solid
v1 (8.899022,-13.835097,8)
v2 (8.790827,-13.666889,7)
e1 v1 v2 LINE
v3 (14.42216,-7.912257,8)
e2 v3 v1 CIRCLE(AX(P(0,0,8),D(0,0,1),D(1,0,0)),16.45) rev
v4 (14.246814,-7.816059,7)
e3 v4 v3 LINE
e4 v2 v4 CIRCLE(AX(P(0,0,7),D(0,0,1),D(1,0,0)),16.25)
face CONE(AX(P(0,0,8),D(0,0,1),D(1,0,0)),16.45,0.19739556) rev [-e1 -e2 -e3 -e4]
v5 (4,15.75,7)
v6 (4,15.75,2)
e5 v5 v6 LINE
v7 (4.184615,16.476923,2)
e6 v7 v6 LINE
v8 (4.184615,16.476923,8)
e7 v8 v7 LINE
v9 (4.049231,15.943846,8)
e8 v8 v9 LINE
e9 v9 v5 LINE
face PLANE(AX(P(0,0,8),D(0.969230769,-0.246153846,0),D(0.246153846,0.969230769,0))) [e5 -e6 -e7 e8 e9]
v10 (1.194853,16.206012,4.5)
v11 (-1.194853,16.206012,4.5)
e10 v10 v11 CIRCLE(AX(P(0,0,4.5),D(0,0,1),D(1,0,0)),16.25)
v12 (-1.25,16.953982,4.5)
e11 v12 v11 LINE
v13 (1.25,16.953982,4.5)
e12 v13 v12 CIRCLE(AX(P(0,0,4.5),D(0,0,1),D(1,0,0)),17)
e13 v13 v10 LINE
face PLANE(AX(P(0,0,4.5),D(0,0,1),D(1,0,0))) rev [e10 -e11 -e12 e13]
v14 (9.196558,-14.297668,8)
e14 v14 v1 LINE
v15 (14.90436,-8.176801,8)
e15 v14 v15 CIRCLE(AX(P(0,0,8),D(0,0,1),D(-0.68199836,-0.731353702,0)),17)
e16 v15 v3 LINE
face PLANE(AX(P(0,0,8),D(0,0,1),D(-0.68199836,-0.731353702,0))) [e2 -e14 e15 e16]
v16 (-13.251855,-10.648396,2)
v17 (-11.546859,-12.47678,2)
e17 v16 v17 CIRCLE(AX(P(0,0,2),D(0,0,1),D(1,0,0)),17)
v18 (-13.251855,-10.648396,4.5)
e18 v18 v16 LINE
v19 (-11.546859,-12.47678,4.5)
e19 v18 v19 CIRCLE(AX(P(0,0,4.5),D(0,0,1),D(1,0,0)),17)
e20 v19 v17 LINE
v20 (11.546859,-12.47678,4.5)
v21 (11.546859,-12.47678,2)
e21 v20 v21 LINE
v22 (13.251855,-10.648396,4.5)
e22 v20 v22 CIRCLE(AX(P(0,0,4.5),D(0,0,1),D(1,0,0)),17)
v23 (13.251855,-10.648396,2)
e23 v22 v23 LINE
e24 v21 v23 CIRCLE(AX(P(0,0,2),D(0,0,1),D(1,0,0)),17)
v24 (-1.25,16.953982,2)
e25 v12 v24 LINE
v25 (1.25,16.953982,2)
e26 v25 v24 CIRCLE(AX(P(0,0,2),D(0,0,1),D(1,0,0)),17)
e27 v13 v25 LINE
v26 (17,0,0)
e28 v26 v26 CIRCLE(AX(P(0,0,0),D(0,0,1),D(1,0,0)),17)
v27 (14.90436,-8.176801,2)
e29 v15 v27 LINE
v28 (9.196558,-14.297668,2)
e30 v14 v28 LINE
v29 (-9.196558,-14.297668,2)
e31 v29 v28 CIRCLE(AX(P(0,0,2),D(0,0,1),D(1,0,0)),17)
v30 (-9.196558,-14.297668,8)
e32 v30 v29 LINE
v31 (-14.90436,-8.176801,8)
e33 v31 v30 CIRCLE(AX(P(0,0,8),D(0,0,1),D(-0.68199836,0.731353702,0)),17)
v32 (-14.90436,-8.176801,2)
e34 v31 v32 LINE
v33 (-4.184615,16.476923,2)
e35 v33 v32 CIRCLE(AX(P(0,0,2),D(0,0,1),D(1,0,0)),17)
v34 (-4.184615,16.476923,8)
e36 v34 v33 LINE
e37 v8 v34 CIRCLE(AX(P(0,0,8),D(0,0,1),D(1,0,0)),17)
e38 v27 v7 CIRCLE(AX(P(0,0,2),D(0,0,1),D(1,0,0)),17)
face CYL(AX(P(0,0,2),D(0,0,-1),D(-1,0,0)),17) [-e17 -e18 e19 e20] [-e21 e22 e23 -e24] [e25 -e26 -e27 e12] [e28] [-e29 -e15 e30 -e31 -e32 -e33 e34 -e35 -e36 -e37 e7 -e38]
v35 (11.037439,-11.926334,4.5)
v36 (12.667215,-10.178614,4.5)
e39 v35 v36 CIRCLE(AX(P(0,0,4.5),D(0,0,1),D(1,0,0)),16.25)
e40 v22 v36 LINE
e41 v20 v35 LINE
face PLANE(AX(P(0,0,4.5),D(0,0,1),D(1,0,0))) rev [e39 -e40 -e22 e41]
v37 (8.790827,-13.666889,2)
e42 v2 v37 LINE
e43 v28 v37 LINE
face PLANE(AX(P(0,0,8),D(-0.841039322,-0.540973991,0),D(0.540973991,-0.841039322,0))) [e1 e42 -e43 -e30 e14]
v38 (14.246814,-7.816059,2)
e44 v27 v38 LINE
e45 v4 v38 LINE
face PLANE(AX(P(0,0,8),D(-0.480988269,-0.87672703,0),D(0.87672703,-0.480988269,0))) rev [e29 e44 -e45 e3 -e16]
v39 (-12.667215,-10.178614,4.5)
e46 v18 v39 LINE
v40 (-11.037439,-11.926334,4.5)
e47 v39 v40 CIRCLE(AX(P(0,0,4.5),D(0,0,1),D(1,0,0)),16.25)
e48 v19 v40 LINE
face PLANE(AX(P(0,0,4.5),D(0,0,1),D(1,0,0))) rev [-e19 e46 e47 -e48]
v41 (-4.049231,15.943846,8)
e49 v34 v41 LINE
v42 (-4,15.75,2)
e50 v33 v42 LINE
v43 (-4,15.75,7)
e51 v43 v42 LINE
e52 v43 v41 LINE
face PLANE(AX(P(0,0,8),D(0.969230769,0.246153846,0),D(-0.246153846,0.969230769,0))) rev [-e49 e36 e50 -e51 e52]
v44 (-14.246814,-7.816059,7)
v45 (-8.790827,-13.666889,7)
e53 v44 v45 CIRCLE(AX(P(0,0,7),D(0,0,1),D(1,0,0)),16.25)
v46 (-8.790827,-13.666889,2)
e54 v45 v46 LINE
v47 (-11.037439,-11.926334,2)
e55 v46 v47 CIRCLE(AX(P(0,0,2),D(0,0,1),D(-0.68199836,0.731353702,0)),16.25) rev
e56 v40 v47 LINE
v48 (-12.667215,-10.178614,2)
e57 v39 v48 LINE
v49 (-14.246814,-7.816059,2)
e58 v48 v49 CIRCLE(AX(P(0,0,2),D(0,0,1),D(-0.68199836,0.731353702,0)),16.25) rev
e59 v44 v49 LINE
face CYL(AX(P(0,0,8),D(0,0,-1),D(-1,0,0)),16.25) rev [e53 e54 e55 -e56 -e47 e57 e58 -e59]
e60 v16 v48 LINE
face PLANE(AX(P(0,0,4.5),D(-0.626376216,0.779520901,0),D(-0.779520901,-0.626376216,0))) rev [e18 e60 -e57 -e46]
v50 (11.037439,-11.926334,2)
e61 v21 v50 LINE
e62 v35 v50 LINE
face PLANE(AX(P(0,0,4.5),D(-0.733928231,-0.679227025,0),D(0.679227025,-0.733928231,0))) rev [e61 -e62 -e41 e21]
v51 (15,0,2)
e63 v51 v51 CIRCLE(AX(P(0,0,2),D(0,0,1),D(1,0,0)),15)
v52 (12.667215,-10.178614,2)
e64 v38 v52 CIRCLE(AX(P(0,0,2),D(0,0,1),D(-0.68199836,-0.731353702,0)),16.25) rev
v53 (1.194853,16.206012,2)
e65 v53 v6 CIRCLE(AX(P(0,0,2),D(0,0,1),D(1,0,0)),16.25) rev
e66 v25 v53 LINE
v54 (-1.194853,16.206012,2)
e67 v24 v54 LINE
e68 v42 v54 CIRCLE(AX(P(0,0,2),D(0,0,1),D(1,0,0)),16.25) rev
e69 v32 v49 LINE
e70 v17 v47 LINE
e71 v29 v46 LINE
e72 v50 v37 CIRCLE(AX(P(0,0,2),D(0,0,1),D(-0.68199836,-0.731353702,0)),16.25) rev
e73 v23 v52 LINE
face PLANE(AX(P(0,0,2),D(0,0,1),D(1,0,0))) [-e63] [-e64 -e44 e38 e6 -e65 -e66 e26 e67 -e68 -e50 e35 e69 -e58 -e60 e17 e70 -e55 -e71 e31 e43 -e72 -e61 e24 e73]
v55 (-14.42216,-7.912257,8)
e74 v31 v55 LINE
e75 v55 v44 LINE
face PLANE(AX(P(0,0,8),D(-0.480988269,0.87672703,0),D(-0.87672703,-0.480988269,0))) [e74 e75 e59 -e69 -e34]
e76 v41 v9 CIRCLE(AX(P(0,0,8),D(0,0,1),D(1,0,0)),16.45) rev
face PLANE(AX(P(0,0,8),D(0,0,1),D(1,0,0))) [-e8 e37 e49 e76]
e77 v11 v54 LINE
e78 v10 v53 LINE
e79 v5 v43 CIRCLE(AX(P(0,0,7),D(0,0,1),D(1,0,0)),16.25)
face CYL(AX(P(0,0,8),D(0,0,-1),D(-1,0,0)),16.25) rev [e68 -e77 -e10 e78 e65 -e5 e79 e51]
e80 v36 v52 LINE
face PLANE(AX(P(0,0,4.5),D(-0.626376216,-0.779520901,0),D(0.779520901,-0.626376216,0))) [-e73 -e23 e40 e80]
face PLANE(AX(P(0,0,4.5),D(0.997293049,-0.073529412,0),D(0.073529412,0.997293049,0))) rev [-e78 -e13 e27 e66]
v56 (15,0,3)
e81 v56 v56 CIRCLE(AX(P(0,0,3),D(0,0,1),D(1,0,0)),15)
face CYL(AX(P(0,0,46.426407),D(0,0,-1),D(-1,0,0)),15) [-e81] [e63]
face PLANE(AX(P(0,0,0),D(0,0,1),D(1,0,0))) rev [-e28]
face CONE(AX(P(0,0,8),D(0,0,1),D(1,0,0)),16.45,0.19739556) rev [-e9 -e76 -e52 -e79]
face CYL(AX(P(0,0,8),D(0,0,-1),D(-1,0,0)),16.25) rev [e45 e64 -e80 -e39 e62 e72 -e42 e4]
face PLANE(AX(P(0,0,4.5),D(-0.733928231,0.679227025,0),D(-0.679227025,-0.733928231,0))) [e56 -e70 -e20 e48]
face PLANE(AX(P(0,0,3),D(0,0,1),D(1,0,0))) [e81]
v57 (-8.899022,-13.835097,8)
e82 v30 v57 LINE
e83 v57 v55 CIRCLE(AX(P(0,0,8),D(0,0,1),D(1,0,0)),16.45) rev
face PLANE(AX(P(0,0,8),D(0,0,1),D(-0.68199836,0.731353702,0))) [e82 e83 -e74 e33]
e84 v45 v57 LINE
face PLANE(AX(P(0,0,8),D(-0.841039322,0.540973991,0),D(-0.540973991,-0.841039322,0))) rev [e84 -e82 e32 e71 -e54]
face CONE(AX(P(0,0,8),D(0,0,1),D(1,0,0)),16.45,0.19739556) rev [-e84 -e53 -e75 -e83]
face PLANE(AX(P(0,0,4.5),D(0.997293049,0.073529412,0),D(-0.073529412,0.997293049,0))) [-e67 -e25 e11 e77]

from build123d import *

# Parameters (mm, degrees)
SKETCH1_R                                   = 17
SKETCH1_R_2                                 = 15
BOSS_EXTRUDE1_DEPTH                         = 2
SKETCH1_2_R                                 = 15
BOSS_EXTRUDE2_DEPTH                         = 3
BOSS_EXTRUDE3_DEPTH                         = 6
CUT_EXTRUDE1_START                          = -6
CUT_EXTRUDE1_DEPTH                          = 2.5
CHAMFER1_SIZE                               = 1
CHAMFER1_SIZE2                              = 0.2
CIRPATTERN1_COUNT                           = 2
CIRPATTERN1_ANGLE                           = 133
CHAMFER1_OF_CIRPATTERN1_SIZE2               = 0.2
CHAMFER1_OF_CIRPATTERN1_SIZE                = 1
CIRPATTERN1_THE_OTHER_WAY_COUNT             = 2
CIRPATTERN1_THE_OTHER_WAY_ANGLE             = 133
CHAMFER1_OF_CIRPATTERN1_THE_OTHER_WAY_SIZE2 = 0.2
CHAMFER1_OF_CIRPATTERN1_THE_OTHER_WAY_SIZE  = 1


with BuildPart() as part:
    # Sketch1 → Boss-Extrude1 (new body)
    with BuildSketch(Plane.XY):
        Circle(SKETCH1_R)
        Circle(SKETCH1_R_2, mode=Mode.SUBTRACT)
    extrude(amount=BOSS_EXTRUDE1_DEPTH)

    # Sketch1<2> → Boss-Extrude2 (add)
    with BuildSketch(Plane.XY):
        Circle(SKETCH1_2_R)
    extrude(amount=BOSS_EXTRUDE2_DEPTH)

    # Sketch2 → Boss-Extrude3 (add)
    with BuildSketch(Plane.XY.offset(2)):
        with BuildLine():
            ThreePointArc((4.184615385, 16.476923077), (0, 17), (-4.184615385, 16.476923077))
            Line((-4.184615385, 16.476923077), (-4, 15.75))
            ThreePointArc((-4, 15.75), (0, 16.25), (4, 15.75))
            Line((4, 15.75), (4.184615385, 16.476923077))
        make_face()
    boss_extrude3 = extrude(amount=BOSS_EXTRUDE3_DEPTH)

    # Sketch3 → Cut-Extrude1 (cut)
    with BuildSketch(Plane.XY.offset(8).offset(CUT_EXTRUDE1_START)):
        with BuildLine():
            ThreePointArc((1.25, 16.953981833), (0, 17), (-1.25, 16.953981833))
            Line((-1.25, 16.953981833), (-1.194852941, 16.206012046))
            ThreePointArc((-1.194852941, 16.206012046), (0, 16.25), (1.194852941, 16.206012046))
            Line((1.194852941, 16.206012046), (1.25, 16.953981833))
        make_face()
    cut_extrude1 = extrude(amount=CUT_EXTRUDE1_DEPTH, mode=Mode.SUBTRACT)

    # Chamfer1
    chamfer1_edges = [part.edges().sort_by_distance(p)[0] for p in [
        (0, 16.25, 8),
    ]]
    chamfer1_side = [part.faces().sort_by_distance(p)[0] for p in [
        (0, 16.25, 5),
    ]]
    chamfer(chamfer1_edges, length=CHAMFER1_SIZE, length2=CHAMFER1_SIZE2, reference=chamfer1_side[0])

    # CirPattern1: Boss-Extrude3, Cut-Extrude1 ×2 about axis
    cirpattern1_axis = Axis((0, 0, 0), (0, 0, -1))
    for i in range(1, CIRPATTERN1_COUNT):
        add(boss_extrude3.rotate(cirpattern1_axis, i * CIRPATTERN1_ANGLE / (CIRPATTERN1_COUNT - 1)))
        add(cut_extrude1.rotate(cirpattern1_axis, i * CIRPATTERN1_ANGLE / (CIRPATTERN1_COUNT - 1)), mode=Mode.SUBTRACT)

    # Chamfer1 of CirPattern1
    chamfer1_of_cirpattern1_edges = [part.edges().sort_by_distance(p)[0] for p in [
        (11.884497651, -11.082473351, 8),
    ]]
    chamfer(chamfer1_of_cirpattern1_edges, length=CHAMFER1_OF_CIRPATTERN1_SIZE, length2=CHAMFER1_OF_CIRPATTERN1_SIZE2)

    # CirPattern1 the other way: Boss-Extrude3, Cut-Extrude1 ×2 about axis
    cirpattern1_the_other_way_axis = Axis((0, 0, 0), (0, 0, 1))
    for i in range(1, CIRPATTERN1_THE_OTHER_WAY_COUNT):
        add(boss_extrude3.rotate(cirpattern1_the_other_way_axis, i * CIRPATTERN1_THE_OTHER_WAY_ANGLE / (CIRPATTERN1_THE_OTHER_WAY_COUNT - 1)))
        add(cut_extrude1.rotate(cirpattern1_the_other_way_axis, i * CIRPATTERN1_THE_OTHER_WAY_ANGLE / (CIRPATTERN1_THE_OTHER_WAY_COUNT - 1)), mode=Mode.SUBTRACT)

    # Chamfer1 of CirPattern1 the other way
    chamfer1_of_cirpattern1_the_other_way_edges = [part.edges().sort_by_distance(p)[0] for p in [
        (-11.884497651, -11.082473351, 8),
    ]]
    chamfer(chamfer1_of_cirpattern1_the_other_way_edges, length=CHAMFER1_OF_CIRPATTERN1_THE_OTHER_WAY_SIZE, length2=CHAMFER1_OF_CIRPATTERN1_THE_OTHER_WAY_SIZE2)


solid = part.part
